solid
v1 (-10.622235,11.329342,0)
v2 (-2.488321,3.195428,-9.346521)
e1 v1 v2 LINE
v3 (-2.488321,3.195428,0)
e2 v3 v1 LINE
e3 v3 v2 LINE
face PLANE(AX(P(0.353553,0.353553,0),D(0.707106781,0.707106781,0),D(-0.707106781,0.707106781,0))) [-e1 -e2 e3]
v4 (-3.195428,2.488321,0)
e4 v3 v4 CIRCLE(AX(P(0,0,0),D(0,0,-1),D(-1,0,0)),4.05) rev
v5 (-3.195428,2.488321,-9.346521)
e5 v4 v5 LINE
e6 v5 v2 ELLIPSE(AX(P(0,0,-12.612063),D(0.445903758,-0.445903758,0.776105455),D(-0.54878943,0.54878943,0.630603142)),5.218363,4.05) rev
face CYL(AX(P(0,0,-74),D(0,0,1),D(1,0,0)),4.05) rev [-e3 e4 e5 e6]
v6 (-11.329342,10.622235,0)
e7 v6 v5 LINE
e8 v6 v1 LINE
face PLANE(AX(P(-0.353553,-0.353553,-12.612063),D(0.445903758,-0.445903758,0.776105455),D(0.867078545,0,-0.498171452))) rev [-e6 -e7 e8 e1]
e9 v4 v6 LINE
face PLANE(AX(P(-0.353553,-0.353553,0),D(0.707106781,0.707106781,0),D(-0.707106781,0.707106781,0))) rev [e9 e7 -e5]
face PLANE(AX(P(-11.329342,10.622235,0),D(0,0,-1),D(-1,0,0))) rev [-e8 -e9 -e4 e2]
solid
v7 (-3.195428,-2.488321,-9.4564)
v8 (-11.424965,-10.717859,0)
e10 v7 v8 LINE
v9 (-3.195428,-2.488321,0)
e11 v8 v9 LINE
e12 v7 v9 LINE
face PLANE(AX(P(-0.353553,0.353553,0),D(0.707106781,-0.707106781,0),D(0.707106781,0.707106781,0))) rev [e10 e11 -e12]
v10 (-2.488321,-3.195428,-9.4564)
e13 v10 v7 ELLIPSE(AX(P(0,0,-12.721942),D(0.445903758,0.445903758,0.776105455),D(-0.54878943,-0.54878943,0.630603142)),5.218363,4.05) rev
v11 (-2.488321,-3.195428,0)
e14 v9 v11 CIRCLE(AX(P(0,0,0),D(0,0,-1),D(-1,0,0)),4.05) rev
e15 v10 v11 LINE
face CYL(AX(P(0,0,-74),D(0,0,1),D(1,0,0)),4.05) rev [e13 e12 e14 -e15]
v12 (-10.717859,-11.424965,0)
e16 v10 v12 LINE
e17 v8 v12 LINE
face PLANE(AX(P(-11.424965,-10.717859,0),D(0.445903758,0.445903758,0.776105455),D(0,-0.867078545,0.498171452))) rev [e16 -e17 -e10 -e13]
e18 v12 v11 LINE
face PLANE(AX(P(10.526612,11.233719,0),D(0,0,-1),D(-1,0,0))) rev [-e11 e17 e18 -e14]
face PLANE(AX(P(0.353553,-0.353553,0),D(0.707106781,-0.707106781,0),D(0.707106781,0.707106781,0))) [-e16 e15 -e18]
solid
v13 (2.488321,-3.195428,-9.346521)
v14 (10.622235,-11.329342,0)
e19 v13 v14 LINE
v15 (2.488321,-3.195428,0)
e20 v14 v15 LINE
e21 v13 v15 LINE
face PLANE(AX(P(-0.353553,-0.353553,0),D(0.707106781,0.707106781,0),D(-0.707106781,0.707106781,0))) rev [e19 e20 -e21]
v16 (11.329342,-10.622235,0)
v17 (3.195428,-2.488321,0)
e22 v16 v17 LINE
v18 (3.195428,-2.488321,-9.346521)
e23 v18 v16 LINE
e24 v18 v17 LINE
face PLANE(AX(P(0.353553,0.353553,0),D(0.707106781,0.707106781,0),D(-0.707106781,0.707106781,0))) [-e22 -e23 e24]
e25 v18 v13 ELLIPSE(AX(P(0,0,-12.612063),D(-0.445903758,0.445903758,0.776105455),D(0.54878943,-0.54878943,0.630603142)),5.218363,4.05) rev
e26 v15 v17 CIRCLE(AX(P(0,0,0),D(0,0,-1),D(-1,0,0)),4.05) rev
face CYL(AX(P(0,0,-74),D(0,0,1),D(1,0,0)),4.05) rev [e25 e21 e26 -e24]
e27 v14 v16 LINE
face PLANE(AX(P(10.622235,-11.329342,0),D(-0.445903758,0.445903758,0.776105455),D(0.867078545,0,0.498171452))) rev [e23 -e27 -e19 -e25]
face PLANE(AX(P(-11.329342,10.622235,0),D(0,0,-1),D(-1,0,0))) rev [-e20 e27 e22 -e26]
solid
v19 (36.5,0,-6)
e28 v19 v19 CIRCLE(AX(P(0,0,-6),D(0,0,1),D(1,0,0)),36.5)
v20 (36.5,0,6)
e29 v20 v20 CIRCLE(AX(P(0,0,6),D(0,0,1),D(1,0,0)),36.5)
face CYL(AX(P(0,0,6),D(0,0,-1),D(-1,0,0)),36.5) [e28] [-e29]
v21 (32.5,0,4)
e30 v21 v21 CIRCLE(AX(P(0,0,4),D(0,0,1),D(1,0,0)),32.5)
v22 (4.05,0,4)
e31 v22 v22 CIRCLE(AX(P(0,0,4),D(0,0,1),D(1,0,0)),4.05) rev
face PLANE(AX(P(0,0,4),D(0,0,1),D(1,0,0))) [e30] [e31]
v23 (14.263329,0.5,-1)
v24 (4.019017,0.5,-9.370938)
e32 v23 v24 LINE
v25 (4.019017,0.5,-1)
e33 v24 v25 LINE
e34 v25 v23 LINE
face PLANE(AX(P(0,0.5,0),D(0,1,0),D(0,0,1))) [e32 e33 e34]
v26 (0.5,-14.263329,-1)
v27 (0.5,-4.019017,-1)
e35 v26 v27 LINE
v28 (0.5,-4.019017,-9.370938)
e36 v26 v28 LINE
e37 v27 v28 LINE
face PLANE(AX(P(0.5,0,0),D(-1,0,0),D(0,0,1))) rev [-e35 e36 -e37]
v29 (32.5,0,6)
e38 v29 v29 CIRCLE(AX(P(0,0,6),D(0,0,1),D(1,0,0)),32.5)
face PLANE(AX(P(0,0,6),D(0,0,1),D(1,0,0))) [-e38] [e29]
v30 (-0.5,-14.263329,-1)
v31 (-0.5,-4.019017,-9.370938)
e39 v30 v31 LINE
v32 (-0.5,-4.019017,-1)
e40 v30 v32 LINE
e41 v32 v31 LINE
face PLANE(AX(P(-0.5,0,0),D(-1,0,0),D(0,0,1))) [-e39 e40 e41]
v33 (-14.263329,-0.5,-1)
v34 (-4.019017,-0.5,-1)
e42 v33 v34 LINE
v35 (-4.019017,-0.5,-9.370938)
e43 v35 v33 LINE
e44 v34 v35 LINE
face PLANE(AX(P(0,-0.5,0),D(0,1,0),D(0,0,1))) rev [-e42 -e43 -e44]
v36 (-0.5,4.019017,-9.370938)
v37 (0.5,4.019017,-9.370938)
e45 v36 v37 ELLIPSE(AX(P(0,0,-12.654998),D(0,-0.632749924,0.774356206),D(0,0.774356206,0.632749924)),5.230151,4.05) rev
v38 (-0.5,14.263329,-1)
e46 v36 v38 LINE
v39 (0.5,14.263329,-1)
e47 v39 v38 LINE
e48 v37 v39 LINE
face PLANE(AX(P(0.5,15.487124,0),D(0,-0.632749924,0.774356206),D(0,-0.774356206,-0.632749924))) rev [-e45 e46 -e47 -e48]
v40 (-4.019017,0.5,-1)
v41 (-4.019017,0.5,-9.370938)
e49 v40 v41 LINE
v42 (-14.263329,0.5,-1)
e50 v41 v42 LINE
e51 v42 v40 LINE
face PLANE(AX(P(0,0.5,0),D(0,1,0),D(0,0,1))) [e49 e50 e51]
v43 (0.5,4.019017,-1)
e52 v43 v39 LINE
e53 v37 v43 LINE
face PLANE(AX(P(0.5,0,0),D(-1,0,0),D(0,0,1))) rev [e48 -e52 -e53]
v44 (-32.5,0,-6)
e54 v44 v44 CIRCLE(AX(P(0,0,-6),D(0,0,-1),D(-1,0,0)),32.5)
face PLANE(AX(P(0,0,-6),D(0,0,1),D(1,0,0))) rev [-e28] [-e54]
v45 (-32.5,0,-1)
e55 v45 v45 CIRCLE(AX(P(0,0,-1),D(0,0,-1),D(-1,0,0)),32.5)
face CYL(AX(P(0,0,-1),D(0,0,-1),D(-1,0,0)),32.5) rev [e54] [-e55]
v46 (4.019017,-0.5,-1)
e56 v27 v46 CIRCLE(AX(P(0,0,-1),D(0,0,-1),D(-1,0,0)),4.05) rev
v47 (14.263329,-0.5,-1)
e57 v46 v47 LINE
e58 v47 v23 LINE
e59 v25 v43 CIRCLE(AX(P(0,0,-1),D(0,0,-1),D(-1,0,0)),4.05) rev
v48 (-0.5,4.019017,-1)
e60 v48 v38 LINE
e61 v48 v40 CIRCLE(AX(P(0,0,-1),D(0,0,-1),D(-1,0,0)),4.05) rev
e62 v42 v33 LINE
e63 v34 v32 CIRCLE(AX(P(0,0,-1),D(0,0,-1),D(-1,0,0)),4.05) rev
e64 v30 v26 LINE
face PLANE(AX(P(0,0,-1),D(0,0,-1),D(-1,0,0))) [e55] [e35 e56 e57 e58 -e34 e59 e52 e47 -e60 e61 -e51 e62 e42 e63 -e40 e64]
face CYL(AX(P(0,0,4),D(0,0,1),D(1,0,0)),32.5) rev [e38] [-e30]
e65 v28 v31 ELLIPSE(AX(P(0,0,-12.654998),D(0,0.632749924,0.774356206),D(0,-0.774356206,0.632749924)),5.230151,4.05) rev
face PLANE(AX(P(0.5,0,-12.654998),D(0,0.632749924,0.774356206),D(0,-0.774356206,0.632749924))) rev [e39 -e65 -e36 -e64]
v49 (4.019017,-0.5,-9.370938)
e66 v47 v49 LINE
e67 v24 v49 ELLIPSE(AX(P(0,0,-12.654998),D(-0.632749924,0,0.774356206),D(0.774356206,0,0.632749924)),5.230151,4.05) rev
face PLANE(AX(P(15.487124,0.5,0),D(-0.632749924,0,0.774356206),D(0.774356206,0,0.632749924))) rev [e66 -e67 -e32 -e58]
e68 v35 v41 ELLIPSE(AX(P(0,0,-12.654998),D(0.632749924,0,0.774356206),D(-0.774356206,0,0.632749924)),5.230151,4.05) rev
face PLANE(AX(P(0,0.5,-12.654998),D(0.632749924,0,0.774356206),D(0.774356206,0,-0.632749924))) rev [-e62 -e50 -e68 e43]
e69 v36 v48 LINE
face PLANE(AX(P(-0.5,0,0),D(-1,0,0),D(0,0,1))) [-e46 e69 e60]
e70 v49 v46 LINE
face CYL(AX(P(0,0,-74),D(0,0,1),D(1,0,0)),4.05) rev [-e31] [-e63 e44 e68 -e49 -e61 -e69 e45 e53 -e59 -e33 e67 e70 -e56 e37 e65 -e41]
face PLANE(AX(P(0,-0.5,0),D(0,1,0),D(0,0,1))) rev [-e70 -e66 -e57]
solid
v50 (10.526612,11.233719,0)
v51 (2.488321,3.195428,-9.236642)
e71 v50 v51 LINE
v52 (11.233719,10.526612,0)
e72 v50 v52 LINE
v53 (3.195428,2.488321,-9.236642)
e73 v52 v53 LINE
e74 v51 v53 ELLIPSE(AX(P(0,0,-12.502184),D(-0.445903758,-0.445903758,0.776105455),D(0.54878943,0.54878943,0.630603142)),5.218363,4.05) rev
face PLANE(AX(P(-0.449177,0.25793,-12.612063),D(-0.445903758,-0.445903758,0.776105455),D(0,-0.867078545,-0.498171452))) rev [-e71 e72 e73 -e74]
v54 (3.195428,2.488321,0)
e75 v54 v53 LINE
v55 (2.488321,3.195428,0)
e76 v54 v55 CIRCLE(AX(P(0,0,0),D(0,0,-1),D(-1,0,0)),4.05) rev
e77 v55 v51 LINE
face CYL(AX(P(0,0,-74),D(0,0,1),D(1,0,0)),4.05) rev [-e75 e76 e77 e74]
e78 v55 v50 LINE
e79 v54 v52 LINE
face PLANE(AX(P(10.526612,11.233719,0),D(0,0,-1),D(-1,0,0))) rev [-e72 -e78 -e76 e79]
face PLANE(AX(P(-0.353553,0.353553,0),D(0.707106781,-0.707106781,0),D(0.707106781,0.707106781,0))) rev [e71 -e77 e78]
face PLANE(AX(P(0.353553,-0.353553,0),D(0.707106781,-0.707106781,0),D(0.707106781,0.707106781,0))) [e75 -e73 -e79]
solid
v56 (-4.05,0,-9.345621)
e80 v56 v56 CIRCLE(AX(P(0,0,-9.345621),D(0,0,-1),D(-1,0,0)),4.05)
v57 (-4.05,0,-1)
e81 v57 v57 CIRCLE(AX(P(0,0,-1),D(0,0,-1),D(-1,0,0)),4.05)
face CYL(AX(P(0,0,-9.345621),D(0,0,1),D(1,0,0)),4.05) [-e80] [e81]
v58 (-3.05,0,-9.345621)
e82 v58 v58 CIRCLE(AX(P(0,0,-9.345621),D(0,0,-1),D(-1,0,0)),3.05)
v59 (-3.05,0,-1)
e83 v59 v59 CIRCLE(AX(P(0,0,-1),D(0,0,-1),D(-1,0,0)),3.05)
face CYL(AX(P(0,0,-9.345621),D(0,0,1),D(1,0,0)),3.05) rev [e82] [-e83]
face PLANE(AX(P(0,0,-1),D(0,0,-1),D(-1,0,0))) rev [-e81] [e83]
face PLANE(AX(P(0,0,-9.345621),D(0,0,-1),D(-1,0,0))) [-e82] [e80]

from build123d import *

# Parameters (mm, degrees)
CROQUIS1_R                 = 36.5
SALIENTE_EXTRUIR1_DEPTH    = 6
CROQUIS3_R                 = 32.5
CORTAR_EXTRUIR2_DEPTH      = 2
CORTAR_EXTRUIR3_START      = -5
CROQUIS4_R                 = 32.5
CORTAR_EXTRUIR3_DEPTH      = 5
SALIENTE_EXTRUIR2_DEPTH    = 0.5
SALIENTE_EXTRUIR3_DEPTH    = 0.5
SALIENTE_EXTRUIR7_DEPTH    = 0.5
SALIENTE_EXTRUIR8_DEPTH    = 0.5
CORTAR_EXTRUIR4_DEPTH      = 68
CORTAR_EXTRUIR4_DEPTH_BACK = 62
CROQUIS2_R                 = 4.05
CROQUIS7_R                 = 4.05
CROQUIS7_R_2               = 3.05
SALIENTE_EXTRUIR10_DEPTH   = 8.345621


with BuildPart() as part:
    # Croquis1 → Saliente-Extruir1 (new, symmetric)
    with BuildSketch(Plane.XY):
        Circle(CROQUIS1_R)
    extrude(amount=SALIENTE_EXTRUIR1_DEPTH, both=True)

    # Croquis3 → Cortar-Extruir2 (cut)
    with BuildSketch(Plane.XY.offset(6)):
        Circle(CROQUIS3_R)
    extrude(amount=-CORTAR_EXTRUIR2_DEPTH, mode=Mode.SUBTRACT)

    # Croquis4 → Cortar-Extruir3 (cut)
    with BuildSketch(Plane(origin=(0, 0, -6), x_dir=(-1, 0, 0), z_dir=(0, 0, -1)).offset(CORTAR_EXTRUIR3_START)):
        with Locations(Location((0, 0, 0), (0, 0, 180))):
            Circle(CROQUIS4_R)
    extrude(amount=CORTAR_EXTRUIR3_DEPTH, mode=Mode.SUBTRACT)

    # Croquis5 → Saliente-Extruir2 (add, symmetric)
    with BuildSketch(Plane(origin=(0, 0, 0), x_dir=(0, 0, -1), z_dir=(1, 0, 0))):
        Polygon((12.654998478, 0), (0, -15.487124121), (0, 15.487124121), align=None)
    extrude(amount=SALIENTE_EXTRUIR2_DEPTH, both=True)

    # Croquis6 → Saliente-Extruir3 (add, symmetric)
    with BuildSketch(Plane(origin=(0, 0, 0), x_dir=(1, 0, 0), z_dir=(0, 1, 0))):
        Polygon((0, 12.654998478), (-15.487124121, 0), (15.487124121, 0), align=None)
    extrude(amount=SALIENTE_EXTRUIR3_DEPTH, both=True)


with BuildPart() as body_2:
    # Croquis10 → Saliente-Extruir7 (new, symmetric)
    with BuildSketch(Plane(origin=(0, 0, 4), x_dir=(0, 0, 1), z_dir=(-0.7071067811865488, 0.7071067811865464, 0))):
        Polygon((-4, -15.657340875), (-16.612062838, -0.135231772), (-4, 15.38687733), align=None)
    extrude(amount=SALIENTE_EXTRUIR7_DEPTH, both=True)


with BuildPart() as body_3:
    # Croquis14 → Saliente-Extruir8 (new, symmetric)
    with BuildSketch(Plane(origin=(0, 0, 4), x_dir=(-0.7071067811865486, 0.7071067811865465, 0), z_dir=(-0.7071067811865465, -0.7071067811865486, 0))):
        Polygon((-15.522109102, 4), (0, 16.612062838), (15.522109102, 4), align=None)
    extrude(amount=SALIENTE_EXTRUIR8_DEPTH, both=True)


with BuildPart() as cortar_extruir4_tool:
    # Croquis2 → Cortar-Extruir4 (new, two sides: drawn at the far end of the back side and taken through both)
    with BuildSketch(Plane(origin=(0, 0, -6), x_dir=(-1, 0, 0), z_dir=(0, 0, -1)).offset(-CORTAR_EXTRUIR4_DEPTH_BACK)):
        with Locations(Location((0, 0, 0), (0, 0, 180))):
            Circle(CROQUIS2_R)
    extrude(amount=CORTAR_EXTRUIR4_DEPTH + CORTAR_EXTRUIR4_DEPTH_BACK)


with BuildPart() as part_1:
    add(part.part)

    # Cortar-Extruir4: cut by cortar_extruir4_tool
    add(cortar_extruir4_tool.part, mode=Mode.SUBTRACT)


with BuildPart() as body_2_1:
    add(body_2.part)

    # Cortar-Extruir4: cut by cortar_extruir4_tool
    add(cortar_extruir4_tool.part, mode=Mode.SUBTRACT)


with BuildPart() as body_3_1:
    add(body_3.part)

    # Cortar-Extruir4: cut by cortar_extruir4_tool
    add(cortar_extruir4_tool.part, mode=Mode.SUBTRACT)


with BuildPart() as body_4:
    # Croquis7 → Saliente-Extruir10 (new body)
    with BuildSketch(Plane(origin=(0, 0, -1), x_dir=(-1, 0, 0), z_dir=(0, 0, -1))):
        Circle(CROQUIS7_R)
        Circle(CROQUIS7_R_2, mode=Mode.SUBTRACT)
    extrude(amount=SALIENTE_EXTRUIR10_DEPTH)


solid = Compound([part_1.part, body_2_1.part, body_3_1.part, body_4.part])
